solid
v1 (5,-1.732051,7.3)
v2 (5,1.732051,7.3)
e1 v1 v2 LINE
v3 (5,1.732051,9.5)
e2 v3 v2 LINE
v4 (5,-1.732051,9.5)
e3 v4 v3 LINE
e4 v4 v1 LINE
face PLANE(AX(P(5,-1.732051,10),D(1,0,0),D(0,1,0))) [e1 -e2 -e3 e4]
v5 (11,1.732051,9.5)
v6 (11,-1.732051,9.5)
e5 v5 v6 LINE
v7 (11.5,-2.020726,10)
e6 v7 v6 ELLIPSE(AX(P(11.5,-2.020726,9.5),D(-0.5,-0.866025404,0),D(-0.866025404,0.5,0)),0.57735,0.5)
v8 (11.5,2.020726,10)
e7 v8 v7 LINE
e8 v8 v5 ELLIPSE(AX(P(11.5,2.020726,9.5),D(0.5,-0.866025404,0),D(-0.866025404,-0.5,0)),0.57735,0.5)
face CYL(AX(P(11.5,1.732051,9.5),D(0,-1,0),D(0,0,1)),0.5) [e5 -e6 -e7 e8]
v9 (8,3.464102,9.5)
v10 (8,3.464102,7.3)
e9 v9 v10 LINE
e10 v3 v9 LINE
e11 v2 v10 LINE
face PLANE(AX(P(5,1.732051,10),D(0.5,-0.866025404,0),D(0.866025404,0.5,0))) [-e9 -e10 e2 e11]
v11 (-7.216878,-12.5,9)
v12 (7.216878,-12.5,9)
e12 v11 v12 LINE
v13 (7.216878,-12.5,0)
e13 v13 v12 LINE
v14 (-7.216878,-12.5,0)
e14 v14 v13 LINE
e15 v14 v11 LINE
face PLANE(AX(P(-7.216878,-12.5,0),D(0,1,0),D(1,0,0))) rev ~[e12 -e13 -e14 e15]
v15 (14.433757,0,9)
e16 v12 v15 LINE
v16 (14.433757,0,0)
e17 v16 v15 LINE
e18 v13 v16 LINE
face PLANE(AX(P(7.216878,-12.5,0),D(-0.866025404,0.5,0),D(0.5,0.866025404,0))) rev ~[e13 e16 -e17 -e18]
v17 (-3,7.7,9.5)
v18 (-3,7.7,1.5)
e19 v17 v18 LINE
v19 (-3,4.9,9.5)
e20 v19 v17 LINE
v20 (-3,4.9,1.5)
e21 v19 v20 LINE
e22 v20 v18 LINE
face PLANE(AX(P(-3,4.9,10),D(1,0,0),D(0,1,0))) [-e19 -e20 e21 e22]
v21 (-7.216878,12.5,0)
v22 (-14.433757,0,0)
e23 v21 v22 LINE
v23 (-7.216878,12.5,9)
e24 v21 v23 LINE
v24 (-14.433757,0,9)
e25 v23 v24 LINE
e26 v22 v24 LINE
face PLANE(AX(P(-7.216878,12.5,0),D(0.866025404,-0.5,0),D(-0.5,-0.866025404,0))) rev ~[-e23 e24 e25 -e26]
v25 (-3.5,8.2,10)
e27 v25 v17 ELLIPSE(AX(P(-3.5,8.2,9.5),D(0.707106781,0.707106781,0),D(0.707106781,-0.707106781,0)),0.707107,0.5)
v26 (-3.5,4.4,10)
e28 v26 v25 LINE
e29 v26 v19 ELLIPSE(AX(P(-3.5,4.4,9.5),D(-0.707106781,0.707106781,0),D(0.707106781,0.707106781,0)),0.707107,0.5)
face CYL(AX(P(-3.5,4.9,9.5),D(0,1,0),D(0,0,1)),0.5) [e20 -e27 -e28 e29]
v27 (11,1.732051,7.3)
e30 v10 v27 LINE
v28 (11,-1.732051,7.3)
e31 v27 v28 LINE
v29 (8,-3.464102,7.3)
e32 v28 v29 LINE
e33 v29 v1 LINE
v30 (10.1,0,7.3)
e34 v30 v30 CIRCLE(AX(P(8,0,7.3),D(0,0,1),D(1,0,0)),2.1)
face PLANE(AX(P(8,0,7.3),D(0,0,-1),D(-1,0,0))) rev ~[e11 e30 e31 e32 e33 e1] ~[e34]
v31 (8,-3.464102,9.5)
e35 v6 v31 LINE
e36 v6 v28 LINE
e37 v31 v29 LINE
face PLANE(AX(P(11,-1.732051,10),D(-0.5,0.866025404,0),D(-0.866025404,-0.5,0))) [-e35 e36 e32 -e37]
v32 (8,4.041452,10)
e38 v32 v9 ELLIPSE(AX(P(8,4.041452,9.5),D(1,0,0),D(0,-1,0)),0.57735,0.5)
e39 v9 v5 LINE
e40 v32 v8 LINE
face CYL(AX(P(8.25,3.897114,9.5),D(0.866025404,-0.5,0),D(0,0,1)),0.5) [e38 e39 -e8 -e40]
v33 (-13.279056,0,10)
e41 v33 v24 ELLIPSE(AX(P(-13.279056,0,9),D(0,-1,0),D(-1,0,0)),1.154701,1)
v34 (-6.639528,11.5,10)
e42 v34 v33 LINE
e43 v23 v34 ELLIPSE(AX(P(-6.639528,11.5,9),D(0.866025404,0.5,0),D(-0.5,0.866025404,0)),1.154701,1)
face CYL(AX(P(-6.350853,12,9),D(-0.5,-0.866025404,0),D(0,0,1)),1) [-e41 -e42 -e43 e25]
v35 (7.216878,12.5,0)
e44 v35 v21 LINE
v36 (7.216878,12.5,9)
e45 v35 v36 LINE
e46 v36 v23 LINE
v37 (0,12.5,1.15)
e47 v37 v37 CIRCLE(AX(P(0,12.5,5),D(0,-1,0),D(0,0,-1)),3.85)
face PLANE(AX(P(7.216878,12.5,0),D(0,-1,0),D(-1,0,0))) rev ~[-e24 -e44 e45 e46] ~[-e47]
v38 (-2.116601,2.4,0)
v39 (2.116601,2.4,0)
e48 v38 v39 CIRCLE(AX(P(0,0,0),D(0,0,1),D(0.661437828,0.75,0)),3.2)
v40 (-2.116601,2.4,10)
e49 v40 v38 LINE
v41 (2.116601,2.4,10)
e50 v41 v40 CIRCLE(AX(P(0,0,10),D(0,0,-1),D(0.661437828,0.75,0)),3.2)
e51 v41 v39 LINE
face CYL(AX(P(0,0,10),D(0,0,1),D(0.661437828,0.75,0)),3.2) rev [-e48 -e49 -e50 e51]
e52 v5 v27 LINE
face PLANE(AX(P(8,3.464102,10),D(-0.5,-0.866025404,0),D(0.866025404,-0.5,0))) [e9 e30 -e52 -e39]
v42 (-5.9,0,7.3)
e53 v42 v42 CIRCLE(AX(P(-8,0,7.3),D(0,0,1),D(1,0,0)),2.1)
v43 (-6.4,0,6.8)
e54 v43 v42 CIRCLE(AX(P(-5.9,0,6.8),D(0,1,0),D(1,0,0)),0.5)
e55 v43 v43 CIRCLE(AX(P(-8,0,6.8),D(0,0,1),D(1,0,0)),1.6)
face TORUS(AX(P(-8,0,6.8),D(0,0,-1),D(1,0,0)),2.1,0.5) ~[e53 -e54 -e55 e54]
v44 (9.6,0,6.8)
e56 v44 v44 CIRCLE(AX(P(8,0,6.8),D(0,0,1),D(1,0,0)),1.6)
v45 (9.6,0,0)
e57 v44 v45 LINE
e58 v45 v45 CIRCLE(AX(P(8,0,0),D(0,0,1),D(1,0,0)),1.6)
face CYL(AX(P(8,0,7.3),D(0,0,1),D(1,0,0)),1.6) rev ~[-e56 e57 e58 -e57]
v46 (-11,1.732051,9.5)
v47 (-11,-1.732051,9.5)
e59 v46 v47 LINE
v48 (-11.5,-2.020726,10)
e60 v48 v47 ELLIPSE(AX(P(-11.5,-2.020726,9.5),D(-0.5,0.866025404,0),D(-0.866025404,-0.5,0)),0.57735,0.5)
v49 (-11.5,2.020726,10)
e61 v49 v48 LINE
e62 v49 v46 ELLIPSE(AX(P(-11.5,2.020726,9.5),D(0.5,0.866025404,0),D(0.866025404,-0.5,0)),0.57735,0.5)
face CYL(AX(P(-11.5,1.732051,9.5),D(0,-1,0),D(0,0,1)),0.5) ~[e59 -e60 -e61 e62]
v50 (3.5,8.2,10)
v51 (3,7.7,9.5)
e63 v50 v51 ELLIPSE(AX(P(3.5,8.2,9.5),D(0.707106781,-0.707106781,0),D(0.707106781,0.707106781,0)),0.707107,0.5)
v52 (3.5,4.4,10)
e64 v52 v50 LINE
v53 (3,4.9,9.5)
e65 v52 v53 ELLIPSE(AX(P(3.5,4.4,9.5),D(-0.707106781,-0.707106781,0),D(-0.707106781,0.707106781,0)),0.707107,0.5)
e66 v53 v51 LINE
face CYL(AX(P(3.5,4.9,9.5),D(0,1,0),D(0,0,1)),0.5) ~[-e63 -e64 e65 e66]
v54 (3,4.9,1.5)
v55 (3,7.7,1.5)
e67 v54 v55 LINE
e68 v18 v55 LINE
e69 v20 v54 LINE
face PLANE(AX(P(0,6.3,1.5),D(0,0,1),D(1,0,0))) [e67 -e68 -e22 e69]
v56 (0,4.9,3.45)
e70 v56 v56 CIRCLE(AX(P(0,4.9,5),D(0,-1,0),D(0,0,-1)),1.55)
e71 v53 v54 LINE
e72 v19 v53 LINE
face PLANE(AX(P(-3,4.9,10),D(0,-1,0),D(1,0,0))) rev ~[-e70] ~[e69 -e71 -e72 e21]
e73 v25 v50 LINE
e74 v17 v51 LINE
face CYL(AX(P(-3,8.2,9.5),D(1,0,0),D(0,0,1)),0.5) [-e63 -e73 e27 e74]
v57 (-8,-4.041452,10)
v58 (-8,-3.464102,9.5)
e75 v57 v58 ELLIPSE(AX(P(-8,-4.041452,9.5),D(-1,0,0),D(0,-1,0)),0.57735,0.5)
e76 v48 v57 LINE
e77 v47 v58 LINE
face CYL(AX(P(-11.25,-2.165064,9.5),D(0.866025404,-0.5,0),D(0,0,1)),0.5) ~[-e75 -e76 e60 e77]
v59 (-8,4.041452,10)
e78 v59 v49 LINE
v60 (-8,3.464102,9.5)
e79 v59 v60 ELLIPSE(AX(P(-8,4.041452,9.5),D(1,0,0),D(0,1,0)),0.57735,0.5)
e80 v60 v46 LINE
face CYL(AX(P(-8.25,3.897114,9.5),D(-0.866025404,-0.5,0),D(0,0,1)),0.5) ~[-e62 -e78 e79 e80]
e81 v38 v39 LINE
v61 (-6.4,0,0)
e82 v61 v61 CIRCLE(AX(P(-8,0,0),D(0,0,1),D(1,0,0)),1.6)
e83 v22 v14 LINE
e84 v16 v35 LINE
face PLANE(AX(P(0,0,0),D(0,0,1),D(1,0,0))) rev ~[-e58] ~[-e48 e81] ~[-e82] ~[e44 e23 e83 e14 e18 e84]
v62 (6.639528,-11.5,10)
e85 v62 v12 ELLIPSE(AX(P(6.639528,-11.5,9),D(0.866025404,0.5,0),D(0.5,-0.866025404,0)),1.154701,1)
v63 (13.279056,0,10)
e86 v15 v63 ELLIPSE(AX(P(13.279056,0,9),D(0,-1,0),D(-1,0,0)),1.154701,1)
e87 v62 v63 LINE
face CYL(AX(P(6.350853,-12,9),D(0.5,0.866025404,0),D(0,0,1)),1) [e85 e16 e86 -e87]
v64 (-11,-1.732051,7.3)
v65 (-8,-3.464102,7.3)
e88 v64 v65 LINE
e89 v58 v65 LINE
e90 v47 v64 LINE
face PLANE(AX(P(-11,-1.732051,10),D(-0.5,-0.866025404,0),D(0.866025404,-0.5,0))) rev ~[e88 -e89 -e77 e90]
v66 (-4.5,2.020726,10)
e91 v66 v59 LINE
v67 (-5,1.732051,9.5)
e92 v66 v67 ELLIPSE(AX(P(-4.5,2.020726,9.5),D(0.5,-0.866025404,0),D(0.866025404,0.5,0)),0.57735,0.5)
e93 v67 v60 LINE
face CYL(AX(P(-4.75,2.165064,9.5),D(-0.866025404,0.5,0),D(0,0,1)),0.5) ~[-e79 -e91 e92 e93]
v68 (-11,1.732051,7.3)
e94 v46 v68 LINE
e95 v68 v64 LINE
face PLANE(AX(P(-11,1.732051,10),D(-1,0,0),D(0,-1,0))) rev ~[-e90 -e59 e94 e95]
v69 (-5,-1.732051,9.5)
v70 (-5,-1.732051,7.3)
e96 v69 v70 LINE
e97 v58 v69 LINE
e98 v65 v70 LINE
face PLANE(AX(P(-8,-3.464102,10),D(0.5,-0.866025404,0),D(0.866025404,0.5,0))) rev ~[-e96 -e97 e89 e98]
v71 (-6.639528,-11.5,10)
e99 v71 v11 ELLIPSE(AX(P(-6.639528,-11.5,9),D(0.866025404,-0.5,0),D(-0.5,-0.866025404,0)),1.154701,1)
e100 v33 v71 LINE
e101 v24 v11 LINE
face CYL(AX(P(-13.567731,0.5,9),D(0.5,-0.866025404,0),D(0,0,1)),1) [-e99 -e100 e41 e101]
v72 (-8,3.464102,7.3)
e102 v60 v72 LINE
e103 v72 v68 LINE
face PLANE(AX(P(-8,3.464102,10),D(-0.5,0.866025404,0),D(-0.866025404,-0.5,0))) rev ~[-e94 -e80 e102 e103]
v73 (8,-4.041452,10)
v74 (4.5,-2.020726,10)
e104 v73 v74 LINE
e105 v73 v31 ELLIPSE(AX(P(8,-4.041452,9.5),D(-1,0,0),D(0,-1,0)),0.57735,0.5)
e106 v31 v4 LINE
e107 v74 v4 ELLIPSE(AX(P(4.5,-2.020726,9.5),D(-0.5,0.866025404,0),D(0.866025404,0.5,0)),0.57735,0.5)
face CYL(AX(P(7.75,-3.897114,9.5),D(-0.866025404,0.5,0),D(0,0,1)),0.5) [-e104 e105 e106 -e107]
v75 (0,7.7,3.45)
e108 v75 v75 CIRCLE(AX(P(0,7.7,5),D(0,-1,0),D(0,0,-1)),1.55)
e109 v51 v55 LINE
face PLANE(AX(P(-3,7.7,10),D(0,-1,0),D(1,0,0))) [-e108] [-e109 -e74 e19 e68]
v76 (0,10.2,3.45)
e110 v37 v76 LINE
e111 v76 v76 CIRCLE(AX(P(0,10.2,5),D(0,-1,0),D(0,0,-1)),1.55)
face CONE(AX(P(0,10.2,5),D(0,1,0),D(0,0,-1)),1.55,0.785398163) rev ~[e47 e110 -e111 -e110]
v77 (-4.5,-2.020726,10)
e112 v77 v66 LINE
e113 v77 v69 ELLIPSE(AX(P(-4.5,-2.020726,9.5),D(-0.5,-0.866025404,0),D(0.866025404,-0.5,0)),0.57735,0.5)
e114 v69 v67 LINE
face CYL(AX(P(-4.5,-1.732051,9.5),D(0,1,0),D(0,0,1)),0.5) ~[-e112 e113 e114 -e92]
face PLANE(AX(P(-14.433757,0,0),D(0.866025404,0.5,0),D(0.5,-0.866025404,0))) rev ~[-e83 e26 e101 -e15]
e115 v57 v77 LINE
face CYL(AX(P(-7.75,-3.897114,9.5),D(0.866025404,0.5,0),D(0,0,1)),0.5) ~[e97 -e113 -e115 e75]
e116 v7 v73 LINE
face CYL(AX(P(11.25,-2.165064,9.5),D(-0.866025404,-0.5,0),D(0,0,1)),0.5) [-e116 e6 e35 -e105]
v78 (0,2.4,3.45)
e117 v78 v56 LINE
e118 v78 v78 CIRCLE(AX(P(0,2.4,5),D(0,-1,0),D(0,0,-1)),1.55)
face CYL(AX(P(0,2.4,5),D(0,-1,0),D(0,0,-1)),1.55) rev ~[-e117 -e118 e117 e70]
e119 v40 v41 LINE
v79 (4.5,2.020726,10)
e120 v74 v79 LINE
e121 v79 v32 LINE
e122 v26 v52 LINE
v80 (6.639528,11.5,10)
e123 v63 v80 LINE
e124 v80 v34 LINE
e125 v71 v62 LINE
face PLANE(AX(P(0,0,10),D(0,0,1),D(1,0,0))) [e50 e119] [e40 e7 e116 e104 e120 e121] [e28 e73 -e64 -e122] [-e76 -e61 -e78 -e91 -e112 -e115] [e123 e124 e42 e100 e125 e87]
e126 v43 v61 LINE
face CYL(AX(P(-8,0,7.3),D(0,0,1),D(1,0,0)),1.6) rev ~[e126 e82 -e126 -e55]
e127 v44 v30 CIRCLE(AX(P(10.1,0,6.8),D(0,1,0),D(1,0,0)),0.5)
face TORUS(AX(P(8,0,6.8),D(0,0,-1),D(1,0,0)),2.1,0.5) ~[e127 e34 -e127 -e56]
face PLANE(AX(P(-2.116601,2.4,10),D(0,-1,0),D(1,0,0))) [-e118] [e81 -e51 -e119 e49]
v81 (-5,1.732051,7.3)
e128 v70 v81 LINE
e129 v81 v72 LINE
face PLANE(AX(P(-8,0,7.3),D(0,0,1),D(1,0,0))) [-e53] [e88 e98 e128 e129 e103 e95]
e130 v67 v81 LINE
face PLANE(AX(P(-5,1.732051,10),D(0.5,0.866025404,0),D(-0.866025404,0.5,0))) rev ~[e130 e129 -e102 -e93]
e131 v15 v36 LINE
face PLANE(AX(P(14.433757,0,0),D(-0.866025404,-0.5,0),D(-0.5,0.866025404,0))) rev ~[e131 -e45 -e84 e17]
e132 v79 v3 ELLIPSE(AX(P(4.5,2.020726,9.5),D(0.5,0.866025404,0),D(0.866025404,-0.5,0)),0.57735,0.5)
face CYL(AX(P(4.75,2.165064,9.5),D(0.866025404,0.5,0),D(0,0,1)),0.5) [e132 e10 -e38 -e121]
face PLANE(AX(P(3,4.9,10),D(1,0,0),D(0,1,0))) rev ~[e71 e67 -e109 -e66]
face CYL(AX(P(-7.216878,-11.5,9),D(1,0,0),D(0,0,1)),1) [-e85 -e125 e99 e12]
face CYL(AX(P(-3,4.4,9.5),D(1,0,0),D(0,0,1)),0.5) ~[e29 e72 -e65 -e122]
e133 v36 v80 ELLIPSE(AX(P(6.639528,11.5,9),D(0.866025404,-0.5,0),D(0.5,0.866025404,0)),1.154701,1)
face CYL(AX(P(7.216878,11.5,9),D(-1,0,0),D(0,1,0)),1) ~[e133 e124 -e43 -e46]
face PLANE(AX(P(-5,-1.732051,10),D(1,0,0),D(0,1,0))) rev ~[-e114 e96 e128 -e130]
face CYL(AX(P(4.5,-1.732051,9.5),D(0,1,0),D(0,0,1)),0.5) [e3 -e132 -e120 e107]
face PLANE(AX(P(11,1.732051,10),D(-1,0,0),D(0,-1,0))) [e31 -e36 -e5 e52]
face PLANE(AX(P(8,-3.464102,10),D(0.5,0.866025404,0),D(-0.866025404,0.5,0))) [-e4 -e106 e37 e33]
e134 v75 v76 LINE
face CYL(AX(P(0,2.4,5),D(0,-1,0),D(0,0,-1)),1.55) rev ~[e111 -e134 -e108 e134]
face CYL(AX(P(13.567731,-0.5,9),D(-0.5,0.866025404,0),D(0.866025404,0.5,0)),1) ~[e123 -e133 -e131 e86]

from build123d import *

# Parameters (mm, degrees)
EXTRUDE_1_DEPTH     = 10
CUT_EXTRUDE_1_DEPTH = 22.554195261
SKETCH_3_R          = 1.55
CUT_EXTRUDE_2_DEPTH = 10.1
CHAMFER_1_SIZE      = 2.3
SKETCH_4_W          = 6
SKETCH_4_H          = 2.8
CUT_EXTRUDE_3_DEPTH = 8.5
FILLET_1_R          = 1
CUT_EXTRUDE_4_DEPTH = 2.7
SKETCH_6_R          = 1.6
CUT_EXTRUDE_5_DEPTH = 7.3
FILLET_2_R          = 0.5


with BuildPart() as part:
    # Эскиз1 → Бобышка-Вытянуть1 (new body)
    with BuildSketch(Plane.XY):
        Polygon((7.216878365, -12.5), (14.43375673, 0), (7.216878365, 12.5), (-7.216878365, 12.5), (-14.43375673, 0), (-7.216878365, -12.5), align=None)
    extrude(amount=EXTRUDE_1_DEPTH)

    # Эскиз2 → Вырез-Вытянуть1 (cut, through all)
    with BuildSketch(Plane.XY.offset(10)):
        with BuildLine():
            Line((-2.116601049, 2.4), (2.116601049, 2.4))
            ThreePointArc((2.116601049, 2.4), (0, -3.2), (-2.116601049, 2.4))
        make_face()
    extrude(amount=-CUT_EXTRUDE_1_DEPTH, mode=Mode.SUBTRACT)

    # Эскиз3 → Вырез-Вытянуть2 (cut)
    with BuildSketch(Plane.XZ.offset(-2.4)):
        with Locations(Location((0, 5, 0), (0, 0, 270))):
            Circle(SKETCH_3_R)
    extrude(amount=-CUT_EXTRUDE_2_DEPTH, mode=Mode.SUBTRACT)

    # Фаска1
    chamfer_1_edges = [part.edges().sort_by_distance(p)[0] for p in [
        (0, 12.5, 6.55),
    ]]
    chamfer(chamfer_1_edges, length=CHAMFER_1_SIZE)

    # Эскиз4 → Вырез-Вытянуть3 (cut)
    with BuildSketch(Plane.XY.offset(10)):
        with Locations((0, 6.3)):
            Rectangle(SKETCH_4_W, SKETCH_4_H)
    extrude(amount=-CUT_EXTRUDE_3_DEPTH, mode=Mode.SUBTRACT)

    # Скругление1
    fillet_1_edges = [part.edges().sort_by_distance(p)[0] for p in [
        (10.825317547, 6.25, 10),
        (0, 12.5, 10),
        (-10.825317547, 6.25, 10),
        (-10.825317547, -6.25, 10),
        (0, -12.5, 10),
        (10.825317547, -6.25, 10),
    ]]
    fillet(fillet_1_edges, radius=FILLET_1_R)

    # Эскиз5 → Вырез-Вытянуть4 (cut)
    with BuildSketch(Plane.XY.offset(10)):
        Polygon((-11, -1.732050808), (-8, -3.464101615), (-5, -1.732050808), (-5, 1.732050808), (-8, 3.464101615), (-11, 1.732050808), align=None)
        Polygon((8, -3.464101615), (5, -1.732050808), (5, 1.732050808), (8, 3.464101615), (11, 1.732050808), (11, -1.732050808), align=None)
    extrude(amount=-CUT_EXTRUDE_4_DEPTH, mode=Mode.SUBTRACT)

    # Эскиз6 → Вырез-Вытянуть5 (cut)
    with BuildSketch(Plane.XY.offset(7.3)):
        with Locations((-8, 0)):
            Circle(SKETCH_6_R)
        with Locations((8, 0)):
            Circle(SKETCH_6_R)
    extrude(amount=-CUT_EXTRUDE_5_DEPTH, mode=Mode.SUBTRACT)

    # Скругление2
    fillet_2_edges = [part.edges().sort_by_distance(p)[0] for p in [
        (-9.6, 0, 7.3),
        (6.4, 0, 7.3),
        (3, 6.3, 10),
        (0, 7.7, 10),
        (-3, 6.3, 10),
        (0, 4.9, 10),
        (9.5, -2.598076211, 10),
        (11, 0, 10),
        (9.5, 2.598076211, 10),
        (6.5, 2.598076211, 10),
        (5, 0, 10),
        (6.5, -2.598076211, 10),
        (-11, 0, 10),
        (-9.5, -2.598076211, 10),
        (-6.5, -2.598076211, 10),
        (-5, 0, 10),
        (-6.5, 2.598076211, 10),
        (-9.5, 2.598076211, 10),
    ]]
    fillet(fillet_2_edges, radius=FILLET_2_R)


solid = part.part
